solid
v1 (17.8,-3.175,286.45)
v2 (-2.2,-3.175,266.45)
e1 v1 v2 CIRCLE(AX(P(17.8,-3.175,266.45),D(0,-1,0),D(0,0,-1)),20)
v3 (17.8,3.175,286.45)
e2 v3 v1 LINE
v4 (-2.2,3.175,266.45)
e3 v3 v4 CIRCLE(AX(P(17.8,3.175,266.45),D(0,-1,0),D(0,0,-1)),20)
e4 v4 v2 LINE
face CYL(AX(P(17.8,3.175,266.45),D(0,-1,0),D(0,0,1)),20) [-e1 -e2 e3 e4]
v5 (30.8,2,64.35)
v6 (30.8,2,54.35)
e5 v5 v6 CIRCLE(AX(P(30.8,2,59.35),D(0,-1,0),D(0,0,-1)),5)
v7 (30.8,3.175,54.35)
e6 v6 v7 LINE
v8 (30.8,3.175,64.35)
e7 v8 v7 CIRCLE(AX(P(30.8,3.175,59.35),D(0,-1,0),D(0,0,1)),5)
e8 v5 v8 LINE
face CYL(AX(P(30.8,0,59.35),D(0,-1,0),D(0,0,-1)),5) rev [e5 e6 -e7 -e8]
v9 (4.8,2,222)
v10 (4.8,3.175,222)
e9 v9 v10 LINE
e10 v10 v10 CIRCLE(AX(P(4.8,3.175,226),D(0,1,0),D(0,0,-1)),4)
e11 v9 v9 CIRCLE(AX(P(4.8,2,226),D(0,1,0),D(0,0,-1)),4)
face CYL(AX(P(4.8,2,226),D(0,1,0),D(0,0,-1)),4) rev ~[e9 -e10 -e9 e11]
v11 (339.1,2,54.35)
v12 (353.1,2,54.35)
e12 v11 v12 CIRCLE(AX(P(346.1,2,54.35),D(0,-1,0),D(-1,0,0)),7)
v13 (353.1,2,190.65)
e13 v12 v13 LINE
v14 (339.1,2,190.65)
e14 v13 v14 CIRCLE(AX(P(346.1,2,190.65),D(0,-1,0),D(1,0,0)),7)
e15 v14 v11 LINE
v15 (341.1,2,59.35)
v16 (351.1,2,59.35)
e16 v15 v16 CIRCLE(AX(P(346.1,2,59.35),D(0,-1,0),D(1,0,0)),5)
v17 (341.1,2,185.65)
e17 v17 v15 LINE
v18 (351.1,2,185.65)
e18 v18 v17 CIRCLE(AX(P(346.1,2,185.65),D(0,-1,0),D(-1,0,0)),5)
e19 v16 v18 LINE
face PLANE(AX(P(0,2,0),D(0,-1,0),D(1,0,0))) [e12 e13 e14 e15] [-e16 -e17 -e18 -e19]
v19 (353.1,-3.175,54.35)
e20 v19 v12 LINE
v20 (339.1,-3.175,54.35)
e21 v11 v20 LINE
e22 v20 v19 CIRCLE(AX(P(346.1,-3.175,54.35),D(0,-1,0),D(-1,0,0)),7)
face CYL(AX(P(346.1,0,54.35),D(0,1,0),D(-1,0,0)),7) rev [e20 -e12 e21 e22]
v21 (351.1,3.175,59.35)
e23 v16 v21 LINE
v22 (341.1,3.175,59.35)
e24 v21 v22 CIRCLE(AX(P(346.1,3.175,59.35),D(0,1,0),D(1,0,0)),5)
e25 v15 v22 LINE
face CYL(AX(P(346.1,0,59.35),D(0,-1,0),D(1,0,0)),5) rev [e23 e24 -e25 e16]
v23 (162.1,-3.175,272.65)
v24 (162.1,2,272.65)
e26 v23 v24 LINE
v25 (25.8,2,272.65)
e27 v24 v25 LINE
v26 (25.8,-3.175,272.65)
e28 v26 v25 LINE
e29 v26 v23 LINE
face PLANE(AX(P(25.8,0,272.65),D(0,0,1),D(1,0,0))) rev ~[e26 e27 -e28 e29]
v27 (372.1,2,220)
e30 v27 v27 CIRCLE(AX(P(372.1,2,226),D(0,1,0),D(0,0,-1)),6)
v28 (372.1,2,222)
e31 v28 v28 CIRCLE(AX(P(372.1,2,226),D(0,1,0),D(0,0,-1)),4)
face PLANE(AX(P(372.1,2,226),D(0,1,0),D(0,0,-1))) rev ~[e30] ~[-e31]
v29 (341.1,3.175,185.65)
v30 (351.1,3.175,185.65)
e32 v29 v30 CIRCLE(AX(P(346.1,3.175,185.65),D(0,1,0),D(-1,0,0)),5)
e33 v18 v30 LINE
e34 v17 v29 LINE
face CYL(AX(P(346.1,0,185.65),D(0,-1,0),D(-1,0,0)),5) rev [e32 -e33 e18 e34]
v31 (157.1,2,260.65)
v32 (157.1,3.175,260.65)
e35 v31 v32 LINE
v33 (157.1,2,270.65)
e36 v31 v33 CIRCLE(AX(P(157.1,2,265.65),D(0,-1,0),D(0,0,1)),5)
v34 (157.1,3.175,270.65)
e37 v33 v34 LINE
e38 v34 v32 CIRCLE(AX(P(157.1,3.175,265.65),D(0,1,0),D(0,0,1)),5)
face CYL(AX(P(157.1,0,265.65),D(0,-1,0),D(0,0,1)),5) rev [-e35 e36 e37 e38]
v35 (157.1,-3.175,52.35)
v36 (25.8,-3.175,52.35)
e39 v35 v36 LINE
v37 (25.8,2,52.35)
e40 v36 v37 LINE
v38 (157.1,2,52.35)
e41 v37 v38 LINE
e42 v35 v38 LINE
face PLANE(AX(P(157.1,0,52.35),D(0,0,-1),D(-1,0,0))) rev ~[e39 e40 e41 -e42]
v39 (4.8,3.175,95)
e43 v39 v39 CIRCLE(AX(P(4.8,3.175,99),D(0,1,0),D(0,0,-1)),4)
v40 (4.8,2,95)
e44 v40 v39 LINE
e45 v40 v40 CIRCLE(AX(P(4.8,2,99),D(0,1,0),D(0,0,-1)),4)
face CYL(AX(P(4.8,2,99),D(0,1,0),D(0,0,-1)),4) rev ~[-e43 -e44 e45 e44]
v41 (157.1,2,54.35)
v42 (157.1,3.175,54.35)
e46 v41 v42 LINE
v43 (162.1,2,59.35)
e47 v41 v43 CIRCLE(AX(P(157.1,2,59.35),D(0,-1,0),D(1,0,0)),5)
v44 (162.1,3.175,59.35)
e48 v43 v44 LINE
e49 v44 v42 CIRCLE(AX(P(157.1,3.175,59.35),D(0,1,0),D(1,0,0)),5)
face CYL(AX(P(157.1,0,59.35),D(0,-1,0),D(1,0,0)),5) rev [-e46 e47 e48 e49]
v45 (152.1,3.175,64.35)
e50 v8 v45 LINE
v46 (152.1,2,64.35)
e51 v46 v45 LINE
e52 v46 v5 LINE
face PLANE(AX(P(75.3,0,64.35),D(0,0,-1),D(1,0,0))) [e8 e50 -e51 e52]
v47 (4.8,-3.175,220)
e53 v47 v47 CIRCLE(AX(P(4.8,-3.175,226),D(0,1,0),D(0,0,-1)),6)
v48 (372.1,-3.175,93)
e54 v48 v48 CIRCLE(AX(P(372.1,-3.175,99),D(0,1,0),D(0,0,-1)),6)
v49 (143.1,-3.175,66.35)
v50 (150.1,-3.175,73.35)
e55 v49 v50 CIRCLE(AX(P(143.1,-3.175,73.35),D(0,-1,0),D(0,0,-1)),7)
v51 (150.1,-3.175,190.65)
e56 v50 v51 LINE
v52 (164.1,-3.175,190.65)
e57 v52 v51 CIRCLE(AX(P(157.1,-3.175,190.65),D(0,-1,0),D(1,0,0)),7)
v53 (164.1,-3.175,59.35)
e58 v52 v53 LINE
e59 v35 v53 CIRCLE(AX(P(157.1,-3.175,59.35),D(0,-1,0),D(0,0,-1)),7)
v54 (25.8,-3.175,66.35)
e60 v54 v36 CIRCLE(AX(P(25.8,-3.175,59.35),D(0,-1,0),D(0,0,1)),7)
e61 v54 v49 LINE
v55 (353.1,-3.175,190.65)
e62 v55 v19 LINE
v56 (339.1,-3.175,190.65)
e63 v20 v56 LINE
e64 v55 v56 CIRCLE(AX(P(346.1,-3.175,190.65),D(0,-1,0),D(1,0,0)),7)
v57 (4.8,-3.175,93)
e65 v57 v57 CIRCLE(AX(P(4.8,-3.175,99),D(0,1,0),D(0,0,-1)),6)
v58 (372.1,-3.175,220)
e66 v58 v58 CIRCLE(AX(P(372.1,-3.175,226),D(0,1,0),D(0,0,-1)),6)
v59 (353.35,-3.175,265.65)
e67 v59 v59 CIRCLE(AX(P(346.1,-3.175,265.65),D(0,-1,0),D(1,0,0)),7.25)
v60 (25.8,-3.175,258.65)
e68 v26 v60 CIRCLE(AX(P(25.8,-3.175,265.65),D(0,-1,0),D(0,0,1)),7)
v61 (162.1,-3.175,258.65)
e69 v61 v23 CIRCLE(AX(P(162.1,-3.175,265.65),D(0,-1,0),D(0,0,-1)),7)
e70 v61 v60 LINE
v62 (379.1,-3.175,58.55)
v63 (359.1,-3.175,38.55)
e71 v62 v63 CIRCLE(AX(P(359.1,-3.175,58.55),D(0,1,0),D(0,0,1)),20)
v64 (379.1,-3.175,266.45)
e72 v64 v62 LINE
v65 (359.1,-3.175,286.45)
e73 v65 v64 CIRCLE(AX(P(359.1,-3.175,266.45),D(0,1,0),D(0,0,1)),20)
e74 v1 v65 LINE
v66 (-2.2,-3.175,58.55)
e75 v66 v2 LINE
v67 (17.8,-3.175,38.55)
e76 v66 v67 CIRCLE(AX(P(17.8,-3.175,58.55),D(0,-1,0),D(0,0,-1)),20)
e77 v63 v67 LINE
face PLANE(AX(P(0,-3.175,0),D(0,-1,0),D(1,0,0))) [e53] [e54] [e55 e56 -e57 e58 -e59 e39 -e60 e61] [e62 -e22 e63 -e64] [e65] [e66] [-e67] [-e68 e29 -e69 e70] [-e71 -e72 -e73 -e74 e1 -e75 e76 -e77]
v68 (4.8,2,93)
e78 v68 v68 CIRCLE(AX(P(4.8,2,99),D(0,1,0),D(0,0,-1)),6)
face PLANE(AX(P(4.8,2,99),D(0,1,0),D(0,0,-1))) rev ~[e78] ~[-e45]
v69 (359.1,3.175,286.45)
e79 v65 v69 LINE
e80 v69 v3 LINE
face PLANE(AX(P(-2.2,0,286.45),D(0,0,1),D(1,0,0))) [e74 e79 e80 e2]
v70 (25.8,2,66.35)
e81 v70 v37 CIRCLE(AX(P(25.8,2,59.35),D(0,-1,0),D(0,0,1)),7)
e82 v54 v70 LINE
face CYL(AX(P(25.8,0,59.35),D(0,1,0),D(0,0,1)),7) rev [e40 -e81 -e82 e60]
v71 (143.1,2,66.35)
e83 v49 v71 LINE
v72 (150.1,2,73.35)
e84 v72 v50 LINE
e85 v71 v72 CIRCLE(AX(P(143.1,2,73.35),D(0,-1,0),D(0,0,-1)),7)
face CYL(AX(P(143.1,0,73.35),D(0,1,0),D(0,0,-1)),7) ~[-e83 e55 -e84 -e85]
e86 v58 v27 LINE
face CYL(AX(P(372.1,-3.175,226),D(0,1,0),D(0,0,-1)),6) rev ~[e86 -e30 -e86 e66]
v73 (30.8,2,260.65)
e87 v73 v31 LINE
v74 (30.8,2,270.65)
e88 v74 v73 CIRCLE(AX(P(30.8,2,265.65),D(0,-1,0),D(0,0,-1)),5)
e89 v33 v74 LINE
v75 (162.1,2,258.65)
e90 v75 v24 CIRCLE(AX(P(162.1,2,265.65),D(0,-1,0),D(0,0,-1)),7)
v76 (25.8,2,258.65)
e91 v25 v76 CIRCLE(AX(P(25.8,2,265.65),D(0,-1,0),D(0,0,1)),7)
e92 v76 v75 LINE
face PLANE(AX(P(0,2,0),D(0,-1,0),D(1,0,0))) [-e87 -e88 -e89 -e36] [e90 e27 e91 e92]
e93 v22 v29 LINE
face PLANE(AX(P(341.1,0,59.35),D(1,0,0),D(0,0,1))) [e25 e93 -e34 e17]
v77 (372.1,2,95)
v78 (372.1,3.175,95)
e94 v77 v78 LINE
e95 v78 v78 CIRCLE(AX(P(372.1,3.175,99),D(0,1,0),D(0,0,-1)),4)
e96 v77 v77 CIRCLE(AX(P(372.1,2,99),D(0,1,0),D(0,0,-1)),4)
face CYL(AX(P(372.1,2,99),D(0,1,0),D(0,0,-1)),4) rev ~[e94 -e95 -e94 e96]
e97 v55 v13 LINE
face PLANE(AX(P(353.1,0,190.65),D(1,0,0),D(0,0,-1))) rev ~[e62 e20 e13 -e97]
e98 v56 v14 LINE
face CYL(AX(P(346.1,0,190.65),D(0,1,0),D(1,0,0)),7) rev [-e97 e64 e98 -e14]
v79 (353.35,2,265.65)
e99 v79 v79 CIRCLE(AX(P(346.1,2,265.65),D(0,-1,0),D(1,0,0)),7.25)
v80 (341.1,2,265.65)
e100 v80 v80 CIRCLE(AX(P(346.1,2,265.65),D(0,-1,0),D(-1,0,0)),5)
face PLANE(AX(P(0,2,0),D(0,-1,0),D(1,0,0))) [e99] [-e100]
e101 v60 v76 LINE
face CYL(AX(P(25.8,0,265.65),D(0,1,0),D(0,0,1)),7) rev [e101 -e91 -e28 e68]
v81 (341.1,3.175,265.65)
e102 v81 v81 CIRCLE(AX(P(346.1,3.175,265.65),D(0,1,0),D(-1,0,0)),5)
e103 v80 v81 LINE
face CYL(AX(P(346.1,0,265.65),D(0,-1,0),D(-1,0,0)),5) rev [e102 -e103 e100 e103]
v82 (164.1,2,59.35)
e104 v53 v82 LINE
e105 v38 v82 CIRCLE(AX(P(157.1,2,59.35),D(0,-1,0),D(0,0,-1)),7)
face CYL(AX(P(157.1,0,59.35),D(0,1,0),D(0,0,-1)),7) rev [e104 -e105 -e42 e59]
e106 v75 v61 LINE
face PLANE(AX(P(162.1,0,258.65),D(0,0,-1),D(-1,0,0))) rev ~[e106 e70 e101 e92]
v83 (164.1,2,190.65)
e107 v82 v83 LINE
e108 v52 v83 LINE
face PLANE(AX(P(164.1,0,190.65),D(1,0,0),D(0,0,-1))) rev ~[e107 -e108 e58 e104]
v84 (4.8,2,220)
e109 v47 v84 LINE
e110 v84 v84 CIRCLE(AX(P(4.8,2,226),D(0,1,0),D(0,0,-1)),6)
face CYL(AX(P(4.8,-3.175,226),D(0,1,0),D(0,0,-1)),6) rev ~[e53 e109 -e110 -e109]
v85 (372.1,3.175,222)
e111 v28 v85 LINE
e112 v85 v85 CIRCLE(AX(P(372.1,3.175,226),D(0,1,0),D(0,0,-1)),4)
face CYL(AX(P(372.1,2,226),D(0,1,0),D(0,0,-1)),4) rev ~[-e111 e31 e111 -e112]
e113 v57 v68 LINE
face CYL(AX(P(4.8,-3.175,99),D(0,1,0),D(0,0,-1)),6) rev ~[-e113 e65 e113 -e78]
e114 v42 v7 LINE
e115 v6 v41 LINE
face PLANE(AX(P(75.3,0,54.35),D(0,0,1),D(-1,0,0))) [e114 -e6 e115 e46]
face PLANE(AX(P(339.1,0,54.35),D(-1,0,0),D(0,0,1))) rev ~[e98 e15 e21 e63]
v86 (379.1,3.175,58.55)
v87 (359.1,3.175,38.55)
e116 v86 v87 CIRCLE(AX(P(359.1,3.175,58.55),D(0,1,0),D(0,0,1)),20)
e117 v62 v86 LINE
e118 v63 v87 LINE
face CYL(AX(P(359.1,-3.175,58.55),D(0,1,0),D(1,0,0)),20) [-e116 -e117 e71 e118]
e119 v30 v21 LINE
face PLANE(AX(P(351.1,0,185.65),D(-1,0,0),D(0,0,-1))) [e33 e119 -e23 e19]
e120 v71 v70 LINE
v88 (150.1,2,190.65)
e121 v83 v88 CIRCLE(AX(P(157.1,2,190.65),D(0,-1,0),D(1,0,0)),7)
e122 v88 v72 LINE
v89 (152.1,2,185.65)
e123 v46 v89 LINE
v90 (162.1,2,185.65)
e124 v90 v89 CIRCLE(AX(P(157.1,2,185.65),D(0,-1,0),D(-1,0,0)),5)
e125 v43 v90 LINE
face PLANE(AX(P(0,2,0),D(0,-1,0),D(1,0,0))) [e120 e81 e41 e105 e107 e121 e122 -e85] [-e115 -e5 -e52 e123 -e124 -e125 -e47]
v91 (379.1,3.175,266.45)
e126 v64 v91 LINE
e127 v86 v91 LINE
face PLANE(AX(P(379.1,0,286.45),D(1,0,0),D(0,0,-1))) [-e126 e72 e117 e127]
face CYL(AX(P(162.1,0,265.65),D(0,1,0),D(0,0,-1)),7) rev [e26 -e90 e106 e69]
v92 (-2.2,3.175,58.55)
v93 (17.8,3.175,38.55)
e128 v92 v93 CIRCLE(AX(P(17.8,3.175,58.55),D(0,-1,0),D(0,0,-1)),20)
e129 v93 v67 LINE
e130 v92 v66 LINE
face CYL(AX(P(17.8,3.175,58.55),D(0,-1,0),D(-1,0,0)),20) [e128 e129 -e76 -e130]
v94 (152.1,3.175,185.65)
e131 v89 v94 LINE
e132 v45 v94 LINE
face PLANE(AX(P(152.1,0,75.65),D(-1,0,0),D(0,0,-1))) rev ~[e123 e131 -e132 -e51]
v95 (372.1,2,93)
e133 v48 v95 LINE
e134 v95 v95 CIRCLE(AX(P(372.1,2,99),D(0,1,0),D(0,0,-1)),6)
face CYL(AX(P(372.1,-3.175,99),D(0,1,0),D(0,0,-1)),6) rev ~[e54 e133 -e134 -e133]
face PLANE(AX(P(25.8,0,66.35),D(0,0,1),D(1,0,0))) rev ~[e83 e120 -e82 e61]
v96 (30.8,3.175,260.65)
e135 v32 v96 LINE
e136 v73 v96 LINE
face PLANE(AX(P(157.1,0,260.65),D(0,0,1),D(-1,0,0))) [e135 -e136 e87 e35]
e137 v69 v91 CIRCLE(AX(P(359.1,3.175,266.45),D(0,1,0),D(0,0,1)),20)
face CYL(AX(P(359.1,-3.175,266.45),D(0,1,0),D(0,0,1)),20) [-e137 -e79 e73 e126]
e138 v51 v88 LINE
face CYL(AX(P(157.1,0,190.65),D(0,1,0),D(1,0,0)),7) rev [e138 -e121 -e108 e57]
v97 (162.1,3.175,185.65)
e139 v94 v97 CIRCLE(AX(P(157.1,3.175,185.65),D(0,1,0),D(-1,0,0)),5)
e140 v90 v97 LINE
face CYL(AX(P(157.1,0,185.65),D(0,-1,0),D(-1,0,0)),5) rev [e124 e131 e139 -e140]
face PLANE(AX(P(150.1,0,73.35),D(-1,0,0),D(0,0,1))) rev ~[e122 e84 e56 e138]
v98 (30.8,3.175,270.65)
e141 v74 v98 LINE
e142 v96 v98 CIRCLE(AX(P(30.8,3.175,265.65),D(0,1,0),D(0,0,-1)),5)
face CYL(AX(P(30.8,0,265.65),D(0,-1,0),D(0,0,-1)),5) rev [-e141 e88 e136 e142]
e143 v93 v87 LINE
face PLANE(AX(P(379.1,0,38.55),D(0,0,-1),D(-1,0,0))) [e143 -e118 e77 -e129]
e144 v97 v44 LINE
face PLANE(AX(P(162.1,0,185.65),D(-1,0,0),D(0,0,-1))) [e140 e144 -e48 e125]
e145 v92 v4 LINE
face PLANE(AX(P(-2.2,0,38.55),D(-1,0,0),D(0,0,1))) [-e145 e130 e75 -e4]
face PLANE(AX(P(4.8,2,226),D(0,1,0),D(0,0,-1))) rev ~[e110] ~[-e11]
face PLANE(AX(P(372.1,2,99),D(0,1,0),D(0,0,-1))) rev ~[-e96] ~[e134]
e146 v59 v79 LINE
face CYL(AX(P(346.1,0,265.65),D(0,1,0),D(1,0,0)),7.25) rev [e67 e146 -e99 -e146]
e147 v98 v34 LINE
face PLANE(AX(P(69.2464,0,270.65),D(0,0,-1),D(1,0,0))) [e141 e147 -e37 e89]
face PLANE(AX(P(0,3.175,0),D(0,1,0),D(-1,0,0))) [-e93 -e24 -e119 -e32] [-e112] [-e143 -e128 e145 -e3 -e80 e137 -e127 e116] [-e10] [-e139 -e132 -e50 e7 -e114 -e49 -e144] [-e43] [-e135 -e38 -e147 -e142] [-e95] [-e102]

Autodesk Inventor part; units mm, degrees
ref_plane "YZ Plane" through (0, 0, 0) normal (1, 0, 0) x (0, 1, 0)
ref_plane "XZ Plane" through (0, 0, 0) normal (0, 1, 0) x (-1, 0, 0)
sketch "Sketch1" plane through (0, 0, 0) normal (0, 1, 0) x (-1, 0, 0)
  line L0 (-301.6, 175.65) -> (-203.3004, 175.65)
  line L1 (-203.3004, 275.65) -> (-301.6, 275.65)
  line L2 (-301.6, 275.65) -> (-301.6, 175.65)
  line L3 (-301.6, 275.65) -> (-201.6, 275.65)
  line L4 (-201.6, 275.65) -> (-201.6, 175.65)
  line L5 (-201.6, 175.65) -> (-301.6, 175.65)
  line L6 (-301.6, 175.65) -> (-301.6, 275.65)
  line L7 (-301.6, 175.65) -> (-301.6, 275.65)
  line L8 (-301.6, 275.65) -> (-201.6, 275.65)
  line L9 (-201.6, 275.65) -> (-201.6, 75.65)
  line L10 (-301.6, 75.65) -> (-301.6, 275.65)
  line L11 (-301.6, 75.65) -> (-301.6, 275.65)
  line L12 (-152.1, 75.65) -> (-162.1, 75.65)
  line L13 (-157.1, 260.65) -> (-57.1, 260.65)
  line L14 (-52.1, 265.65) -> (-52.1, 265.65)
  line L15 (-57.1, 270.65) -> (-157.1, 270.65)
  circle A0 centre (-346.1, 265.65) radius 5
  arc A1 (-157.1, 270.65) -> (-157.1, 260.65) centre (-157.1, 265.65) ccw
  line L16 (-201.6, 75.65) -> (-157.1, 75.65)
  arc A2 (-152.1, 185.65) -> (-162.1, 185.65) centre (-157.1, 185.65) ccw
  line L17 (-162.1, 185.65) -> (-162.1, 85.65)
  line L18 (-152.1, 75.65) -> (-152.1, 185.65)
  line L19 (-157.1, 80.65) -> (-157.1, 80.65)
  arc A3 (-341.1, 185.65) -> (-351.1, 185.65) centre (-346.1, 185.65) ccw
  line L20 (-341.1, 85.65) -> (-341.1, 185.65)
  line L21 (-351.1, 185.65) -> (-351.1, 85.65)
  line L22 (-346.1, 80.65) -> (-346.1, 80.65)
  line L23 (-301.6, 275.65) -> (-201.6, 275.65)
  line L24 (-201.6, 275.65) -> (-201.6, 49.35)
  line L25 (-201.6, 49.35) -> (-301.6, 49.35)
  line L26 (-301.6, 49.35) -> (-301.6, 275.65)
  line L27 (-351.1, 85.65) -> (-351.1, 59.35)
  line L28 (-341.1, 59.35) -> (-341.1, 85.65)
  arc A4 (-351.1, 59.35) -> (-341.1, 59.35) centre (-346.1, 59.35) ccw
  line L29 (-152.1, 80.65) -> (-152.1, 64.35)
  line L30 (-162.1, 59.35) -> (-162.1, 85.65)
  arc A5 (-162.1, 59.35) -> (-157.1, 54.35) centre (-157.1, 59.35) ccw
  line L31 (-301.6, 49.35) -> (-75.3, 49.35)
  line L32 (-75.3, 49.35) -> (-75.3, 275.65)
  line L33 (-75.3, 275.65) -> (-201.6, 275.65)
  line L34 (-157.1, 54.35) -> (-30.8, 54.35)
  arc A6 (-30.8, 54.35) -> (-30.8, 64.35) centre (-30.8, 59.35) ccw
  line L35 (-30.8, 64.35) -> (-152.1, 64.35)
  line L36 (-57.1, 260.65) -> (-30.8, 260.65)
  line L37 (-57.1, 270.65) -> (-30.8, 270.65)
  arc A7 (-30.8, 260.65) -> (-30.8, 270.65) centre (-30.8, 265.65) ccw
  line L38 (-69.2464, 270.65) -> (-69.2464, 286.45)
  line L39 (2.2, 286.45) -> (-379.1, 286.45)
  line L40 (-52.1, 54.35) -> (-52.1, 38.55)
  line L41 (2.2, 38.55) -> (-379.1, 38.55)
  line L42 (-25.8, 59.35) -> (-4.8, 59.35)
  line L43 (2.2, 38.55) -> (2.2, 286.45)
  line L44 (-4.8, 99) -> (-4.8, 226)
  line L45 (-372.1, 99) -> (-372.1, 226)
  line L46 (-379.1, 38.55) -> (-379.1, 286.45)
  point P0 (-52.1, 270.65)
  point P1 (-52.1, 260.65)
  point P2 (-157.1, 85.65)
  point P3 (-157.1, 185.65)
  point P4 (-157.1, 85.65)
  point P5 (-162.1, 80.65)
  point P6 (0, 305)
  point P7 (-152.1, 75.65)
  dimension "d2" = 100
  dimension "d3" = 100
  dimension "d7" = 10
  dimension "d8" = 10
  dimension "d16" = 10
  dimension "d17" = 44.5
  dimension "d20" = 10
  dimension "d21" = 10
  dimension "d22" = 10
  dimension "d70" = 226.3
  dimension "d72" = 10
  dimension "d73" = 10
  dimension "d180" = 226.3
  dimension "d224" = 15.8
  dimension "d227" = 15.8
  dimension "d229" = 21
  dimension "d233" = 127
  dimension "d235" = 127
extrude "Extrusion1" add sketch "Sketch1" along normal blind 3.175 contours L2 L1 L3 L4 L5 L0 | L10 L26 L25 L31 L32 L34 L40 L41 L46 L39 L38 L15 L33 L3 L1 L2 | L0 L5 L9 L24 L25 L26 L10 | L4 L33 L32 L15 A1 L13 L35 L29 L18 A2 L17 L30 L16 L9 | L16 L30 A5 L34 L32 L31 L24 | L38 L39 L43 L41 L40 L34 A6 L35 L32 L13 L36 A7 L37 L15
sketch "Sketch2" plane through (0, 0, 0) normal (0, -1, 0) x (1, 0, 0)
  line L0 (346.1, 80.65) -> (346.1, 80.65)
  line L1 (353.1, 85.65) -> (353.1, 190.65)
  line L2 (339.1, 190.65) -> (339.1, 85.65)
  line L3 (339.1, 85.65) -> (339.1, 54.35)
  line L4 (353.1, 54.35) -> (353.1, 85.65)
  circle A0 centre (346.1, 265.65) radius 7.25
  line L5 (57.1, 258.65) -> (162.1, 258.65)
  line L6 (162.1, 272.65) -> (57.1, 272.65)
  line L7 (57.1, 272.65) -> (25.8, 272.65)
  line L8 (25.8, 258.65) -> (57.1, 258.65)
  line L9 (25.8, 59.35) -> (25.8, 59.35)
  line L10 (157.1, 190.65) -> (157.1, 190.65)
  line L11 (152.1, 185.65) -> (152.1, 64.35) projected
  line L12 (25.8, 52.35) -> (157.1, 52.35)
  arc A1 (157.1, 52.35) -> (164.1, 59.35) centre (157.1, 59.35) ccw
  line L13 (164.1, 59.35) -> (164.1, 190.65)
  line L14 (150.1, 190.65) -> (150.1, 73.35)
  line L15 (143.1, 66.35) -> (25.8, 66.35)
  arc A2 (143.1, 66.35) -> (150.1, 73.35) centre (143.1, 73.35) ccw
  line L16 (346.1, 185.65) -> (346.1, 190.65)
  arc A3 (353.1, 190.65) -> (339.1, 190.65) centre (346.1, 190.65) ccw
  arc A4 (339.1, 54.35) -> (353.1, 54.35) centre (346.1, 54.35) ccw
  arc A5 (164.1, 190.65) -> (150.1, 190.65) centre (157.1, 190.65) ccw
  arc A6 (25.8, 66.35) -> (25.8, 52.35) centre (25.8, 59.35) ccw
  arc A7 (30.8, 270.65) -> (30.8, 260.65) centre (30.8, 265.65) ccw projected
  arc A8 (25.8, 272.65) -> (25.8, 258.65) centre (25.8, 265.65) ccw
  arc A9 (162.1, 258.65) -> (162.1, 272.65) centre (162.1, 265.65) ccw
  point P0 (0, 305)
  point P1 (52.1, 260.65)
  dimension "d209" = 7
  dimension "d212" = 5
  dimension "d213" = 14
  dimension "d215" = 14
  dimension "d217" = 14
  dimension "d219" = 14
  dimension "d221" = 14
  dimension "d223" = 14
extrude "Extrusion2" cut sketch "Sketch2" against normal blind 2
sketch "Sketch4" plane through (0, 0, 0) normal (0, -1, 0) x (1, 0, 0)
  line L0 (339.1, 54.35) -> (339.1, 190.65) projected
  line L1 (353.1, 190.65) -> (353.1, 54.35) projected
  line L2 (150.1, 73.35) -> (150.1, 190.65) projected
  line L3 (164.1, 190.65) -> (164.1, 59.35) projected
  arc A0 (157.1, 52.35) -> (164.1, 59.35) centre (157.1, 59.35) ccw projected
  line L4 (157.1, 52.35) -> (25.8, 52.35) projected
  arc A1 (143.1, 66.35) -> (150.1, 73.35) centre (143.1, 73.35) ccw projected
  line L5 (25.8, 66.35) -> (143.1, 66.35) projected
  circle A2 centre (346.1, 265.65) radius 7.25 projected
  line L6 (162.1, 258.65) -> (25.8, 258.65) projected
  line L7 (25.8, 272.65) -> (162.1, 272.65) projected
  arc A3 (339.1, 54.35) -> (353.1, 54.35) centre (346.1, 54.35) ccw projected
  arc A4 (353.1, 190.65) -> (339.1, 190.65) centre (346.1, 190.65) ccw projected
  arc A5 (164.1, 190.65) -> (150.1, 190.65) centre (157.1, 190.65) ccw projected
  arc A6 (25.8, 66.35) -> (25.8, 52.35) centre (25.8, 59.35) ccw projected
  arc A7 (162.1, 258.65) -> (162.1, 272.65) centre (162.1, 265.65) ccw projected
  arc A8 (25.8, 272.65) -> (25.8, 258.65) centre (25.8, 265.65) ccw projected
  line L8 (-2.2, 286.45) -> (379.1, 286.45) projected
  line L9 (379.1, 38.55) -> (-2.2, 38.55) projected
  line L10 (-2.2, 38.55) -> (-2.2, 286.45) projected
  line L11 (379.1, 286.45) -> (379.1, 38.55) projected
  point P0 (353.1, 59.35)
  point P1 (339.1, 59.35)
  point P2 (339.1, 185.65)
  point P3 (353.1, 185.65)
  point P4 (150.1, 185.65)
  point P5 (164.1, 185.65)
  point P6 (30.8, 52.35)
  point P7 (30.8, 66.35)
  point P8 (157.1, 258.65)
  point P9 (30.8, 258.65)
  point P10 (157.1, 272.65)
  point P11 (30.8, 272.65)
extrude "Extrusion4" add sketch "Sketch4" along normal blind 3.175
fillet "Fillet2" radius 20 4 edges at (-2.2, 0, 286.45) (379.1, 0, 286.45) (379.1, 0, 38.55) (-2.2, 0, 38.55)
ref_plane "Work Plane2" through (0, -3.175, 0) normal (0, -1, 0) x (1, 0, 0)
sketch "Sketch6" plane through (0, -3.175, 0) normal (0, -1, 0) x (1, 0, 0)
  line L0 (4.8, 99) -> (4.8, 226) projected
  line L1 (372.1, 99) -> (372.1, 226) projected
  point P0 (0, 0)
hole "Hole1" at (4.8, -3.175, 226) at (4.8, -3.175, 99) at (372.1, -3.175, 226) at (372.1, -3.175, 99) direction (0, 1, 0) diameter 8 end through all counterbore diameter 12 counterbore depth 5.175
properties part number "PlateAxial" material "Aluminum, Anodized Silver"
